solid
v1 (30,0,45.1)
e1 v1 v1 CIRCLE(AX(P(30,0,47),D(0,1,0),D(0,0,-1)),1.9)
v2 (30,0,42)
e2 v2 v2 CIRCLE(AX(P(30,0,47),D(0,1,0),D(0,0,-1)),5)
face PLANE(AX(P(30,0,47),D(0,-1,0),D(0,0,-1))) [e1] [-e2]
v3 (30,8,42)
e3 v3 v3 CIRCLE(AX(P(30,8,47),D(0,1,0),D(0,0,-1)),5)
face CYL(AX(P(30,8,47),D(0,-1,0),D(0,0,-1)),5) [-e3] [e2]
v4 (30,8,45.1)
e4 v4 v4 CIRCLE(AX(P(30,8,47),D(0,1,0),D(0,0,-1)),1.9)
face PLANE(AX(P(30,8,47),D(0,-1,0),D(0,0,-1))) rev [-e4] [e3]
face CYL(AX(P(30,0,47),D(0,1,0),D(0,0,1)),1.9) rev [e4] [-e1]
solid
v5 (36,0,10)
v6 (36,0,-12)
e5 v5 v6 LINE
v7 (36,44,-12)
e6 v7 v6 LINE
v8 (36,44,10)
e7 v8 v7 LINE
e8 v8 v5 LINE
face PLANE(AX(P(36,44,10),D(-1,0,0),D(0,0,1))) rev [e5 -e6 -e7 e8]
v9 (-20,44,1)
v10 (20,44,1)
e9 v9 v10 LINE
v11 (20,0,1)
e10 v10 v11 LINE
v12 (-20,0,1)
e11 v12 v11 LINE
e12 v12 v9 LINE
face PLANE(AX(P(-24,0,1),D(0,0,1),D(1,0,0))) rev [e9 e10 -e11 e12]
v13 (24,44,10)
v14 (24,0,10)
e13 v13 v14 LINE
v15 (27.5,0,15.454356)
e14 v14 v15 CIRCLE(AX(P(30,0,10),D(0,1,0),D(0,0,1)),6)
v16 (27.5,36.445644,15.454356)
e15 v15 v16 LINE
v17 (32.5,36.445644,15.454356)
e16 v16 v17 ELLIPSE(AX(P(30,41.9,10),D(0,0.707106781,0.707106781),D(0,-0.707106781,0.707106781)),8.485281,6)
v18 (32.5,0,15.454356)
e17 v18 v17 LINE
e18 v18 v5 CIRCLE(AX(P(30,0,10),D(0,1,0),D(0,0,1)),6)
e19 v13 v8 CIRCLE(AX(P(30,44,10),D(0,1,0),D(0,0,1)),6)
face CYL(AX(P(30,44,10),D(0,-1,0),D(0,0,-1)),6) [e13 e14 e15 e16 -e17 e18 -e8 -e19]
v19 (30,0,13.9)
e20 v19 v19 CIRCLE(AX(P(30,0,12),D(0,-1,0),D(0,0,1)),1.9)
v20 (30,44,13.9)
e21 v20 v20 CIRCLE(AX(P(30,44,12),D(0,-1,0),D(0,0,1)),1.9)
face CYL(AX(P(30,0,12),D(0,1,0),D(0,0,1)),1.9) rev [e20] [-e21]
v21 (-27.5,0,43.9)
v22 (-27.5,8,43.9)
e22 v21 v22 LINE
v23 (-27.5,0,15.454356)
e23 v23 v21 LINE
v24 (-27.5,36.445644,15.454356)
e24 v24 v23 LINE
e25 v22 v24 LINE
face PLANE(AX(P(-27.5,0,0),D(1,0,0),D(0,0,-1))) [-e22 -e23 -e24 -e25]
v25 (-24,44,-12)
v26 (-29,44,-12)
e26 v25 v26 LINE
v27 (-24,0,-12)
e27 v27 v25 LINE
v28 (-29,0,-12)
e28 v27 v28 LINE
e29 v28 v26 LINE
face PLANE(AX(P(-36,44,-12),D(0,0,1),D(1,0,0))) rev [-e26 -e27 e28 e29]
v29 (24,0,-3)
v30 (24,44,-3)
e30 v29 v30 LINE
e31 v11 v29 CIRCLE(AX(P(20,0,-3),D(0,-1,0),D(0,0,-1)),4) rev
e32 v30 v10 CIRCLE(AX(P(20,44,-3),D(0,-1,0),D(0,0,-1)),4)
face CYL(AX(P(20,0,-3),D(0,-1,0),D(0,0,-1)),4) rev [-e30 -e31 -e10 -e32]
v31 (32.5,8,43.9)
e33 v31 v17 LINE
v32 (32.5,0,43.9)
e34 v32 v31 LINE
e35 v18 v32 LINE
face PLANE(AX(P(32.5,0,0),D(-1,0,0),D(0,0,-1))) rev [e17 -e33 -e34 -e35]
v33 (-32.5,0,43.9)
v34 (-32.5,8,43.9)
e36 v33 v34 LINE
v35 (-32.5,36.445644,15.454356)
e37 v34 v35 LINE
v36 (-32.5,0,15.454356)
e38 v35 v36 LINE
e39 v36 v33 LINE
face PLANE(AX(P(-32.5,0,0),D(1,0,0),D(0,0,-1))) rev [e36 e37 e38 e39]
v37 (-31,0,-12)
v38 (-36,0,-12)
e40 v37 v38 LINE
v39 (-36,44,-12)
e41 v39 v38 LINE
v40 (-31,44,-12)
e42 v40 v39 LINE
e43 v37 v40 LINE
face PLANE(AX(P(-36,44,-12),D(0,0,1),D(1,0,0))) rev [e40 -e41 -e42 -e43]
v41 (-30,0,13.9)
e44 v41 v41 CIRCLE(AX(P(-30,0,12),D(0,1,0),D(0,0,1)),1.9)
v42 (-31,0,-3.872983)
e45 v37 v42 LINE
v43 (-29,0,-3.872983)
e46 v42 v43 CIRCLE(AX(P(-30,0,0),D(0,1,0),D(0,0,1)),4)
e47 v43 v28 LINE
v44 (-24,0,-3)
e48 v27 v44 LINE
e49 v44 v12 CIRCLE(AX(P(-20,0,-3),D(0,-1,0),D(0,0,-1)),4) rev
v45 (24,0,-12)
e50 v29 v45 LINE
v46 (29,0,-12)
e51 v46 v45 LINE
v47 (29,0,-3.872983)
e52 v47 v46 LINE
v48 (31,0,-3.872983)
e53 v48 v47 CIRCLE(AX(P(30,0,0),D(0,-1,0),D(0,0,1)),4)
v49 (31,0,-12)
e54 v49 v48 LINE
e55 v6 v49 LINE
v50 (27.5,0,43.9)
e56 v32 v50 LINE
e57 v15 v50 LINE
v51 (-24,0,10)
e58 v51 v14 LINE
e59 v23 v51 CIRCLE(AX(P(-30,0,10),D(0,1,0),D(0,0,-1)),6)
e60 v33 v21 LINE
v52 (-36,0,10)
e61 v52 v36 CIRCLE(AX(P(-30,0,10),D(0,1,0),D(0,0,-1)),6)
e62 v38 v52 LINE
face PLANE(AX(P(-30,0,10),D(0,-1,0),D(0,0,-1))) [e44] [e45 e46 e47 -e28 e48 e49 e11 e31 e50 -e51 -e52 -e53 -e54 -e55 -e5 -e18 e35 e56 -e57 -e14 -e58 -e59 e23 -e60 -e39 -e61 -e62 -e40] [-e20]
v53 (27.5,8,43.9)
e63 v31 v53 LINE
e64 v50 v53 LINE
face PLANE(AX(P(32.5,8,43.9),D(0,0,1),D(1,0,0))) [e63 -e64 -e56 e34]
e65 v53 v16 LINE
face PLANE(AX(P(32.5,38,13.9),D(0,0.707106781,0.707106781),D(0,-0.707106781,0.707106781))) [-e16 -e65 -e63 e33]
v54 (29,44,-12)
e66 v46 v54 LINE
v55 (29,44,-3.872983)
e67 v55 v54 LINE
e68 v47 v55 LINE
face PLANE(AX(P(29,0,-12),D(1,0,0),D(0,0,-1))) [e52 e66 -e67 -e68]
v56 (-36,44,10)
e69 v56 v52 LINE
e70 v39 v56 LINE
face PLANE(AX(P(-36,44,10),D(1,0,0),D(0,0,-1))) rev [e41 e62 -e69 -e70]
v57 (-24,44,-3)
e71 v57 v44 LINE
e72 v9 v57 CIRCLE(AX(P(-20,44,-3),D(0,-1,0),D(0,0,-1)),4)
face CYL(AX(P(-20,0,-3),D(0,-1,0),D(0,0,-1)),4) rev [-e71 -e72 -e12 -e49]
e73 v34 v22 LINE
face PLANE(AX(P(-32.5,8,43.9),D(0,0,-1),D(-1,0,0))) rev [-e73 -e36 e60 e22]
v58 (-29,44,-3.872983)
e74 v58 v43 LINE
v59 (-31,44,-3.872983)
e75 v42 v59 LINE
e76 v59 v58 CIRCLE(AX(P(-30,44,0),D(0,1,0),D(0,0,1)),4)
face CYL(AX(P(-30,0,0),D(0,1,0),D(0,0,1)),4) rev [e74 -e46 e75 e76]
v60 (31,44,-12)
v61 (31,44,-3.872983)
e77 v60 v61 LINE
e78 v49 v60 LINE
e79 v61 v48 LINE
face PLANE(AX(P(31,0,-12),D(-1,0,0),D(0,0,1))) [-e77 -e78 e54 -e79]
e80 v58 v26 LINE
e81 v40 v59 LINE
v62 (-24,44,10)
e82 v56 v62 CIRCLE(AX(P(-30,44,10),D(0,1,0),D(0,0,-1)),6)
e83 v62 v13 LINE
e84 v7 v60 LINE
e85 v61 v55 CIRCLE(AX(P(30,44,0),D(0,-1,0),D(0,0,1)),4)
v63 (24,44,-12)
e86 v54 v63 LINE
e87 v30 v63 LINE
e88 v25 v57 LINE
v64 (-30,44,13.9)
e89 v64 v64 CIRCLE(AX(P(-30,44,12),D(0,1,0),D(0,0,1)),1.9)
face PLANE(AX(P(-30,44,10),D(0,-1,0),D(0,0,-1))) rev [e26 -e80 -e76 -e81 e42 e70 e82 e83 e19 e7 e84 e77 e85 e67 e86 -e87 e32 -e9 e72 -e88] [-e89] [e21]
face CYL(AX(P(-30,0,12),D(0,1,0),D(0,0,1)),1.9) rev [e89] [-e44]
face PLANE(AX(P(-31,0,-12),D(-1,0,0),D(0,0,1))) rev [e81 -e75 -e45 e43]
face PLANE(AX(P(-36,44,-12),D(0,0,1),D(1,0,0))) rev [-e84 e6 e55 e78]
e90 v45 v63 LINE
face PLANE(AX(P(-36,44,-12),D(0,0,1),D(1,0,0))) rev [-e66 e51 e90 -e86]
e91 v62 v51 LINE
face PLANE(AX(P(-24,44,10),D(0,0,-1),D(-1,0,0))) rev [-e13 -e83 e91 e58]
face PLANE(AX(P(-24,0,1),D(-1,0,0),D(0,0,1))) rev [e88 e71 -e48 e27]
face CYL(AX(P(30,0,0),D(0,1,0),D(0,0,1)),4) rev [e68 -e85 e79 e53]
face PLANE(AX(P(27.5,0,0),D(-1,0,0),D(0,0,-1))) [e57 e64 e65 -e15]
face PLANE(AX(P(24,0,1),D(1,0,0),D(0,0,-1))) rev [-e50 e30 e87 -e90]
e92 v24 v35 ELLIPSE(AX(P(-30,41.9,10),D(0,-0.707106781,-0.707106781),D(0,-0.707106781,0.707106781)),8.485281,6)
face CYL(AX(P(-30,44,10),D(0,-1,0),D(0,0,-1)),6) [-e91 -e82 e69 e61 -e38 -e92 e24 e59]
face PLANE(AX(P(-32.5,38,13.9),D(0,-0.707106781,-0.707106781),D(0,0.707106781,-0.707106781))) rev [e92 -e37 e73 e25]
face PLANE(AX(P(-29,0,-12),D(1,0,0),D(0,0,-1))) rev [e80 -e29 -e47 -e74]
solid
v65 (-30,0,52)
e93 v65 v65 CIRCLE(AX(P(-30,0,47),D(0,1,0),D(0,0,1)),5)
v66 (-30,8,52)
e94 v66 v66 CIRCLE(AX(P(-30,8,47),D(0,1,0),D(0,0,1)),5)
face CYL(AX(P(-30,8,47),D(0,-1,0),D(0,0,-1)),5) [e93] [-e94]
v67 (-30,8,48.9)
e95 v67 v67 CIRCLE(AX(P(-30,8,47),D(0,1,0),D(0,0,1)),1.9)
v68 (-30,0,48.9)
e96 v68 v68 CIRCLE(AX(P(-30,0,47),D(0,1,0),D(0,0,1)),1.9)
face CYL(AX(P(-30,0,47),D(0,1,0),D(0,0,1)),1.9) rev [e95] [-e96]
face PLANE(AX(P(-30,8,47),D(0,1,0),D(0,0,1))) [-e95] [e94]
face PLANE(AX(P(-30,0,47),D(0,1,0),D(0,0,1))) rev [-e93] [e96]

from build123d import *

# Parameters (mm, degrees)
BOSS_EXTRUDE1_DEPTH   = 44
SKETCH3_R             = 4
SKETCH3_R_2           = 1.9
CUT_EXTRUDE1_DEPTH    = 60.059292241
SKETCH4_W             = 2
SKETCH4_H             = 12
CUT_EXTRUDE2_DEPTH    = 60.059292241
SKETCH5_W             = 48
SKETCH5_H             = 13
CUT_EXTRUDE3_DEPTH    = 60.059292241
FILLET1_R             = 4
BOSS_EXTRUDE5_DEPTH   = 2.5
SKETCH6_R             = 5
BOSS_EXTRUDE2_DEPTH   = 8
BOSS_EXTRUDE2_2_DEPTH = 8
SKETCH7_R             = 1.9
CUT_EXTRUDE5_DEPTH    = 73.773621595


with BuildPart() as part:
    # Sketch1 → Boss-Extrude1 (new body)
    with BuildSketch(Plane(origin=(0, 0, 0), x_dir=(1, 0, 0), z_dir=(0, 1, 0))):
        with BuildLine():
            Line((-24, -10), (24, -10))
            ThreePointArc((24, -10), (30, -16), (36, -10))
            Line((36, -10), (36, 12))
            Line((36, 12), (-36, 12))
            Line((-36, 12), (-36, -10))
            ThreePointArc((-36, -10), (-30, -16), (-24, -10))
        make_face()
    extrude(amount=BOSS_EXTRUDE1_DEPTH)

    # Sketch3 → Cut-Extrude1 (cut, through all)
    with BuildSketch(Plane(origin=(0, 44, 0), x_dir=(1, 0, 0), z_dir=(0, 1, 0))):
        with Locations(Location((-30, 0, 0), (0, 0, 270))):
            Circle(SKETCH3_R)
        with Locations(Location((-30, -12, 0), (0, 0, 270))):
            Circle(SKETCH3_R_2)
    cut_extrude1 = extrude(amount=-CUT_EXTRUDE1_DEPTH, mode=Mode.SUBTRACT)

    # Sketch4 → Cut-Extrude2 (cut, through all)
    with BuildSketch(Plane(origin=(0, 44, 0), x_dir=(1, 0, 0), z_dir=(0, 1, 0))):
        with Locations((-30, 6)):
            Rectangle(SKETCH4_W, SKETCH4_H)
    cut_extrude2 = extrude(amount=-CUT_EXTRUDE2_DEPTH, mode=Mode.SUBTRACT)

    # Mirror1: Cut-Extrude1, Cut-Extrude2 across plane
    add(cut_extrude1.mirror(Plane(origin=(0, 0, 0), x_dir=(0, 0, 1), z_dir=(1, 0, 0))), mode=Mode.SUBTRACT)
    add(cut_extrude2.mirror(Plane(origin=(0, 0, 0), x_dir=(0, 0, 1), z_dir=(1, 0, 0))), mode=Mode.SUBTRACT)

    # Sketch5 → Cut-Extrude3 (cut, through all)
    with BuildSketch(Plane(origin=(0, 44, 0), x_dir=(1, 0, 0), z_dir=(0, 1, 0))):
        with Locations((0, 5.5)):
            Rectangle(SKETCH5_W, SKETCH5_H)
    extrude(amount=-CUT_EXTRUDE3_DEPTH, mode=Mode.SUBTRACT)

    # Fillet1
    fillet1_edges = [part.edges().sort_by_distance(p)[0] for p in [
        (24, 22, 1),
        (-24, 22, 1),
    ]]
    fillet(fillet1_edges, radius=FILLET1_R)

    # Sketch8 → Boss-Extrude5 (add, symmetric)
    with BuildSketch(Plane.ZY.offset(30)):
        Polygon((43.9, 0), (13.9, 0), (13.9, 38), (43.9, 8), align=None)
    boss_extrude5 = extrude(amount=BOSS_EXTRUDE5_DEPTH, both=True)

    # Mirror7: Boss-Extrude5 across plane
    add(boss_extrude5.mirror(Plane(origin=(0, 0, 0), x_dir=(0, 0, 1), z_dir=(1, 0, 0))))


with BuildPart() as body_2:
    # Sketch6 → Boss-Extrude2 (new body)
    with BuildSketch(Plane(origin=(0, 0, 0), x_dir=(1, 0, 0), z_dir=(0, 1, 0))):
        with Locations(Location((-30, -47, 0), (0, 0, 270))):
            Circle(SKETCH6_R)
    extrude(amount=BOSS_EXTRUDE2_DEPTH)


with BuildPart() as body_3:
    # Sketch6 → Boss-Extrude2 2 (new body)
    with BuildSketch(Plane(origin=(0, 0, 0), x_dir=(1, 0, 0), z_dir=(0, 1, 0))):
        with Locations(Location((30, -47, 0), (0, 0, 90))):
            Circle(SKETCH6_R)
    extrude(amount=BOSS_EXTRUDE2_2_DEPTH)


with BuildPart() as cut_extrude5_tool:
    # Sketch7 → Cut-Extrude5 (new, through all)
    with BuildSketch(Plane(origin=(0, 8, 0), x_dir=(1, 0, 0), z_dir=(0, 1, 0))):
        with Locations(Location((-30, -47, 0), (0, 0, 270))):
            Circle(SKETCH7_R)
        with Locations(Location((30, -47, 0), (0, 0, 90))):
            Circle(SKETCH7_R)
    extrude(amount=-CUT_EXTRUDE5_DEPTH)


with BuildPart() as body_2_1:
    add(body_2.part)

    # Cut-Extrude5: cut by cut_extrude5_tool
    add(cut_extrude5_tool.part, mode=Mode.SUBTRACT)


with BuildPart() as body_3_1:
    add(body_3.part)

    # Cut-Extrude5: cut by cut_extrude5_tool
    add(cut_extrude5_tool.part, mode=Mode.SUBTRACT)


solid = Compound([part.part, body_2_1.part, body_3_1.part])
